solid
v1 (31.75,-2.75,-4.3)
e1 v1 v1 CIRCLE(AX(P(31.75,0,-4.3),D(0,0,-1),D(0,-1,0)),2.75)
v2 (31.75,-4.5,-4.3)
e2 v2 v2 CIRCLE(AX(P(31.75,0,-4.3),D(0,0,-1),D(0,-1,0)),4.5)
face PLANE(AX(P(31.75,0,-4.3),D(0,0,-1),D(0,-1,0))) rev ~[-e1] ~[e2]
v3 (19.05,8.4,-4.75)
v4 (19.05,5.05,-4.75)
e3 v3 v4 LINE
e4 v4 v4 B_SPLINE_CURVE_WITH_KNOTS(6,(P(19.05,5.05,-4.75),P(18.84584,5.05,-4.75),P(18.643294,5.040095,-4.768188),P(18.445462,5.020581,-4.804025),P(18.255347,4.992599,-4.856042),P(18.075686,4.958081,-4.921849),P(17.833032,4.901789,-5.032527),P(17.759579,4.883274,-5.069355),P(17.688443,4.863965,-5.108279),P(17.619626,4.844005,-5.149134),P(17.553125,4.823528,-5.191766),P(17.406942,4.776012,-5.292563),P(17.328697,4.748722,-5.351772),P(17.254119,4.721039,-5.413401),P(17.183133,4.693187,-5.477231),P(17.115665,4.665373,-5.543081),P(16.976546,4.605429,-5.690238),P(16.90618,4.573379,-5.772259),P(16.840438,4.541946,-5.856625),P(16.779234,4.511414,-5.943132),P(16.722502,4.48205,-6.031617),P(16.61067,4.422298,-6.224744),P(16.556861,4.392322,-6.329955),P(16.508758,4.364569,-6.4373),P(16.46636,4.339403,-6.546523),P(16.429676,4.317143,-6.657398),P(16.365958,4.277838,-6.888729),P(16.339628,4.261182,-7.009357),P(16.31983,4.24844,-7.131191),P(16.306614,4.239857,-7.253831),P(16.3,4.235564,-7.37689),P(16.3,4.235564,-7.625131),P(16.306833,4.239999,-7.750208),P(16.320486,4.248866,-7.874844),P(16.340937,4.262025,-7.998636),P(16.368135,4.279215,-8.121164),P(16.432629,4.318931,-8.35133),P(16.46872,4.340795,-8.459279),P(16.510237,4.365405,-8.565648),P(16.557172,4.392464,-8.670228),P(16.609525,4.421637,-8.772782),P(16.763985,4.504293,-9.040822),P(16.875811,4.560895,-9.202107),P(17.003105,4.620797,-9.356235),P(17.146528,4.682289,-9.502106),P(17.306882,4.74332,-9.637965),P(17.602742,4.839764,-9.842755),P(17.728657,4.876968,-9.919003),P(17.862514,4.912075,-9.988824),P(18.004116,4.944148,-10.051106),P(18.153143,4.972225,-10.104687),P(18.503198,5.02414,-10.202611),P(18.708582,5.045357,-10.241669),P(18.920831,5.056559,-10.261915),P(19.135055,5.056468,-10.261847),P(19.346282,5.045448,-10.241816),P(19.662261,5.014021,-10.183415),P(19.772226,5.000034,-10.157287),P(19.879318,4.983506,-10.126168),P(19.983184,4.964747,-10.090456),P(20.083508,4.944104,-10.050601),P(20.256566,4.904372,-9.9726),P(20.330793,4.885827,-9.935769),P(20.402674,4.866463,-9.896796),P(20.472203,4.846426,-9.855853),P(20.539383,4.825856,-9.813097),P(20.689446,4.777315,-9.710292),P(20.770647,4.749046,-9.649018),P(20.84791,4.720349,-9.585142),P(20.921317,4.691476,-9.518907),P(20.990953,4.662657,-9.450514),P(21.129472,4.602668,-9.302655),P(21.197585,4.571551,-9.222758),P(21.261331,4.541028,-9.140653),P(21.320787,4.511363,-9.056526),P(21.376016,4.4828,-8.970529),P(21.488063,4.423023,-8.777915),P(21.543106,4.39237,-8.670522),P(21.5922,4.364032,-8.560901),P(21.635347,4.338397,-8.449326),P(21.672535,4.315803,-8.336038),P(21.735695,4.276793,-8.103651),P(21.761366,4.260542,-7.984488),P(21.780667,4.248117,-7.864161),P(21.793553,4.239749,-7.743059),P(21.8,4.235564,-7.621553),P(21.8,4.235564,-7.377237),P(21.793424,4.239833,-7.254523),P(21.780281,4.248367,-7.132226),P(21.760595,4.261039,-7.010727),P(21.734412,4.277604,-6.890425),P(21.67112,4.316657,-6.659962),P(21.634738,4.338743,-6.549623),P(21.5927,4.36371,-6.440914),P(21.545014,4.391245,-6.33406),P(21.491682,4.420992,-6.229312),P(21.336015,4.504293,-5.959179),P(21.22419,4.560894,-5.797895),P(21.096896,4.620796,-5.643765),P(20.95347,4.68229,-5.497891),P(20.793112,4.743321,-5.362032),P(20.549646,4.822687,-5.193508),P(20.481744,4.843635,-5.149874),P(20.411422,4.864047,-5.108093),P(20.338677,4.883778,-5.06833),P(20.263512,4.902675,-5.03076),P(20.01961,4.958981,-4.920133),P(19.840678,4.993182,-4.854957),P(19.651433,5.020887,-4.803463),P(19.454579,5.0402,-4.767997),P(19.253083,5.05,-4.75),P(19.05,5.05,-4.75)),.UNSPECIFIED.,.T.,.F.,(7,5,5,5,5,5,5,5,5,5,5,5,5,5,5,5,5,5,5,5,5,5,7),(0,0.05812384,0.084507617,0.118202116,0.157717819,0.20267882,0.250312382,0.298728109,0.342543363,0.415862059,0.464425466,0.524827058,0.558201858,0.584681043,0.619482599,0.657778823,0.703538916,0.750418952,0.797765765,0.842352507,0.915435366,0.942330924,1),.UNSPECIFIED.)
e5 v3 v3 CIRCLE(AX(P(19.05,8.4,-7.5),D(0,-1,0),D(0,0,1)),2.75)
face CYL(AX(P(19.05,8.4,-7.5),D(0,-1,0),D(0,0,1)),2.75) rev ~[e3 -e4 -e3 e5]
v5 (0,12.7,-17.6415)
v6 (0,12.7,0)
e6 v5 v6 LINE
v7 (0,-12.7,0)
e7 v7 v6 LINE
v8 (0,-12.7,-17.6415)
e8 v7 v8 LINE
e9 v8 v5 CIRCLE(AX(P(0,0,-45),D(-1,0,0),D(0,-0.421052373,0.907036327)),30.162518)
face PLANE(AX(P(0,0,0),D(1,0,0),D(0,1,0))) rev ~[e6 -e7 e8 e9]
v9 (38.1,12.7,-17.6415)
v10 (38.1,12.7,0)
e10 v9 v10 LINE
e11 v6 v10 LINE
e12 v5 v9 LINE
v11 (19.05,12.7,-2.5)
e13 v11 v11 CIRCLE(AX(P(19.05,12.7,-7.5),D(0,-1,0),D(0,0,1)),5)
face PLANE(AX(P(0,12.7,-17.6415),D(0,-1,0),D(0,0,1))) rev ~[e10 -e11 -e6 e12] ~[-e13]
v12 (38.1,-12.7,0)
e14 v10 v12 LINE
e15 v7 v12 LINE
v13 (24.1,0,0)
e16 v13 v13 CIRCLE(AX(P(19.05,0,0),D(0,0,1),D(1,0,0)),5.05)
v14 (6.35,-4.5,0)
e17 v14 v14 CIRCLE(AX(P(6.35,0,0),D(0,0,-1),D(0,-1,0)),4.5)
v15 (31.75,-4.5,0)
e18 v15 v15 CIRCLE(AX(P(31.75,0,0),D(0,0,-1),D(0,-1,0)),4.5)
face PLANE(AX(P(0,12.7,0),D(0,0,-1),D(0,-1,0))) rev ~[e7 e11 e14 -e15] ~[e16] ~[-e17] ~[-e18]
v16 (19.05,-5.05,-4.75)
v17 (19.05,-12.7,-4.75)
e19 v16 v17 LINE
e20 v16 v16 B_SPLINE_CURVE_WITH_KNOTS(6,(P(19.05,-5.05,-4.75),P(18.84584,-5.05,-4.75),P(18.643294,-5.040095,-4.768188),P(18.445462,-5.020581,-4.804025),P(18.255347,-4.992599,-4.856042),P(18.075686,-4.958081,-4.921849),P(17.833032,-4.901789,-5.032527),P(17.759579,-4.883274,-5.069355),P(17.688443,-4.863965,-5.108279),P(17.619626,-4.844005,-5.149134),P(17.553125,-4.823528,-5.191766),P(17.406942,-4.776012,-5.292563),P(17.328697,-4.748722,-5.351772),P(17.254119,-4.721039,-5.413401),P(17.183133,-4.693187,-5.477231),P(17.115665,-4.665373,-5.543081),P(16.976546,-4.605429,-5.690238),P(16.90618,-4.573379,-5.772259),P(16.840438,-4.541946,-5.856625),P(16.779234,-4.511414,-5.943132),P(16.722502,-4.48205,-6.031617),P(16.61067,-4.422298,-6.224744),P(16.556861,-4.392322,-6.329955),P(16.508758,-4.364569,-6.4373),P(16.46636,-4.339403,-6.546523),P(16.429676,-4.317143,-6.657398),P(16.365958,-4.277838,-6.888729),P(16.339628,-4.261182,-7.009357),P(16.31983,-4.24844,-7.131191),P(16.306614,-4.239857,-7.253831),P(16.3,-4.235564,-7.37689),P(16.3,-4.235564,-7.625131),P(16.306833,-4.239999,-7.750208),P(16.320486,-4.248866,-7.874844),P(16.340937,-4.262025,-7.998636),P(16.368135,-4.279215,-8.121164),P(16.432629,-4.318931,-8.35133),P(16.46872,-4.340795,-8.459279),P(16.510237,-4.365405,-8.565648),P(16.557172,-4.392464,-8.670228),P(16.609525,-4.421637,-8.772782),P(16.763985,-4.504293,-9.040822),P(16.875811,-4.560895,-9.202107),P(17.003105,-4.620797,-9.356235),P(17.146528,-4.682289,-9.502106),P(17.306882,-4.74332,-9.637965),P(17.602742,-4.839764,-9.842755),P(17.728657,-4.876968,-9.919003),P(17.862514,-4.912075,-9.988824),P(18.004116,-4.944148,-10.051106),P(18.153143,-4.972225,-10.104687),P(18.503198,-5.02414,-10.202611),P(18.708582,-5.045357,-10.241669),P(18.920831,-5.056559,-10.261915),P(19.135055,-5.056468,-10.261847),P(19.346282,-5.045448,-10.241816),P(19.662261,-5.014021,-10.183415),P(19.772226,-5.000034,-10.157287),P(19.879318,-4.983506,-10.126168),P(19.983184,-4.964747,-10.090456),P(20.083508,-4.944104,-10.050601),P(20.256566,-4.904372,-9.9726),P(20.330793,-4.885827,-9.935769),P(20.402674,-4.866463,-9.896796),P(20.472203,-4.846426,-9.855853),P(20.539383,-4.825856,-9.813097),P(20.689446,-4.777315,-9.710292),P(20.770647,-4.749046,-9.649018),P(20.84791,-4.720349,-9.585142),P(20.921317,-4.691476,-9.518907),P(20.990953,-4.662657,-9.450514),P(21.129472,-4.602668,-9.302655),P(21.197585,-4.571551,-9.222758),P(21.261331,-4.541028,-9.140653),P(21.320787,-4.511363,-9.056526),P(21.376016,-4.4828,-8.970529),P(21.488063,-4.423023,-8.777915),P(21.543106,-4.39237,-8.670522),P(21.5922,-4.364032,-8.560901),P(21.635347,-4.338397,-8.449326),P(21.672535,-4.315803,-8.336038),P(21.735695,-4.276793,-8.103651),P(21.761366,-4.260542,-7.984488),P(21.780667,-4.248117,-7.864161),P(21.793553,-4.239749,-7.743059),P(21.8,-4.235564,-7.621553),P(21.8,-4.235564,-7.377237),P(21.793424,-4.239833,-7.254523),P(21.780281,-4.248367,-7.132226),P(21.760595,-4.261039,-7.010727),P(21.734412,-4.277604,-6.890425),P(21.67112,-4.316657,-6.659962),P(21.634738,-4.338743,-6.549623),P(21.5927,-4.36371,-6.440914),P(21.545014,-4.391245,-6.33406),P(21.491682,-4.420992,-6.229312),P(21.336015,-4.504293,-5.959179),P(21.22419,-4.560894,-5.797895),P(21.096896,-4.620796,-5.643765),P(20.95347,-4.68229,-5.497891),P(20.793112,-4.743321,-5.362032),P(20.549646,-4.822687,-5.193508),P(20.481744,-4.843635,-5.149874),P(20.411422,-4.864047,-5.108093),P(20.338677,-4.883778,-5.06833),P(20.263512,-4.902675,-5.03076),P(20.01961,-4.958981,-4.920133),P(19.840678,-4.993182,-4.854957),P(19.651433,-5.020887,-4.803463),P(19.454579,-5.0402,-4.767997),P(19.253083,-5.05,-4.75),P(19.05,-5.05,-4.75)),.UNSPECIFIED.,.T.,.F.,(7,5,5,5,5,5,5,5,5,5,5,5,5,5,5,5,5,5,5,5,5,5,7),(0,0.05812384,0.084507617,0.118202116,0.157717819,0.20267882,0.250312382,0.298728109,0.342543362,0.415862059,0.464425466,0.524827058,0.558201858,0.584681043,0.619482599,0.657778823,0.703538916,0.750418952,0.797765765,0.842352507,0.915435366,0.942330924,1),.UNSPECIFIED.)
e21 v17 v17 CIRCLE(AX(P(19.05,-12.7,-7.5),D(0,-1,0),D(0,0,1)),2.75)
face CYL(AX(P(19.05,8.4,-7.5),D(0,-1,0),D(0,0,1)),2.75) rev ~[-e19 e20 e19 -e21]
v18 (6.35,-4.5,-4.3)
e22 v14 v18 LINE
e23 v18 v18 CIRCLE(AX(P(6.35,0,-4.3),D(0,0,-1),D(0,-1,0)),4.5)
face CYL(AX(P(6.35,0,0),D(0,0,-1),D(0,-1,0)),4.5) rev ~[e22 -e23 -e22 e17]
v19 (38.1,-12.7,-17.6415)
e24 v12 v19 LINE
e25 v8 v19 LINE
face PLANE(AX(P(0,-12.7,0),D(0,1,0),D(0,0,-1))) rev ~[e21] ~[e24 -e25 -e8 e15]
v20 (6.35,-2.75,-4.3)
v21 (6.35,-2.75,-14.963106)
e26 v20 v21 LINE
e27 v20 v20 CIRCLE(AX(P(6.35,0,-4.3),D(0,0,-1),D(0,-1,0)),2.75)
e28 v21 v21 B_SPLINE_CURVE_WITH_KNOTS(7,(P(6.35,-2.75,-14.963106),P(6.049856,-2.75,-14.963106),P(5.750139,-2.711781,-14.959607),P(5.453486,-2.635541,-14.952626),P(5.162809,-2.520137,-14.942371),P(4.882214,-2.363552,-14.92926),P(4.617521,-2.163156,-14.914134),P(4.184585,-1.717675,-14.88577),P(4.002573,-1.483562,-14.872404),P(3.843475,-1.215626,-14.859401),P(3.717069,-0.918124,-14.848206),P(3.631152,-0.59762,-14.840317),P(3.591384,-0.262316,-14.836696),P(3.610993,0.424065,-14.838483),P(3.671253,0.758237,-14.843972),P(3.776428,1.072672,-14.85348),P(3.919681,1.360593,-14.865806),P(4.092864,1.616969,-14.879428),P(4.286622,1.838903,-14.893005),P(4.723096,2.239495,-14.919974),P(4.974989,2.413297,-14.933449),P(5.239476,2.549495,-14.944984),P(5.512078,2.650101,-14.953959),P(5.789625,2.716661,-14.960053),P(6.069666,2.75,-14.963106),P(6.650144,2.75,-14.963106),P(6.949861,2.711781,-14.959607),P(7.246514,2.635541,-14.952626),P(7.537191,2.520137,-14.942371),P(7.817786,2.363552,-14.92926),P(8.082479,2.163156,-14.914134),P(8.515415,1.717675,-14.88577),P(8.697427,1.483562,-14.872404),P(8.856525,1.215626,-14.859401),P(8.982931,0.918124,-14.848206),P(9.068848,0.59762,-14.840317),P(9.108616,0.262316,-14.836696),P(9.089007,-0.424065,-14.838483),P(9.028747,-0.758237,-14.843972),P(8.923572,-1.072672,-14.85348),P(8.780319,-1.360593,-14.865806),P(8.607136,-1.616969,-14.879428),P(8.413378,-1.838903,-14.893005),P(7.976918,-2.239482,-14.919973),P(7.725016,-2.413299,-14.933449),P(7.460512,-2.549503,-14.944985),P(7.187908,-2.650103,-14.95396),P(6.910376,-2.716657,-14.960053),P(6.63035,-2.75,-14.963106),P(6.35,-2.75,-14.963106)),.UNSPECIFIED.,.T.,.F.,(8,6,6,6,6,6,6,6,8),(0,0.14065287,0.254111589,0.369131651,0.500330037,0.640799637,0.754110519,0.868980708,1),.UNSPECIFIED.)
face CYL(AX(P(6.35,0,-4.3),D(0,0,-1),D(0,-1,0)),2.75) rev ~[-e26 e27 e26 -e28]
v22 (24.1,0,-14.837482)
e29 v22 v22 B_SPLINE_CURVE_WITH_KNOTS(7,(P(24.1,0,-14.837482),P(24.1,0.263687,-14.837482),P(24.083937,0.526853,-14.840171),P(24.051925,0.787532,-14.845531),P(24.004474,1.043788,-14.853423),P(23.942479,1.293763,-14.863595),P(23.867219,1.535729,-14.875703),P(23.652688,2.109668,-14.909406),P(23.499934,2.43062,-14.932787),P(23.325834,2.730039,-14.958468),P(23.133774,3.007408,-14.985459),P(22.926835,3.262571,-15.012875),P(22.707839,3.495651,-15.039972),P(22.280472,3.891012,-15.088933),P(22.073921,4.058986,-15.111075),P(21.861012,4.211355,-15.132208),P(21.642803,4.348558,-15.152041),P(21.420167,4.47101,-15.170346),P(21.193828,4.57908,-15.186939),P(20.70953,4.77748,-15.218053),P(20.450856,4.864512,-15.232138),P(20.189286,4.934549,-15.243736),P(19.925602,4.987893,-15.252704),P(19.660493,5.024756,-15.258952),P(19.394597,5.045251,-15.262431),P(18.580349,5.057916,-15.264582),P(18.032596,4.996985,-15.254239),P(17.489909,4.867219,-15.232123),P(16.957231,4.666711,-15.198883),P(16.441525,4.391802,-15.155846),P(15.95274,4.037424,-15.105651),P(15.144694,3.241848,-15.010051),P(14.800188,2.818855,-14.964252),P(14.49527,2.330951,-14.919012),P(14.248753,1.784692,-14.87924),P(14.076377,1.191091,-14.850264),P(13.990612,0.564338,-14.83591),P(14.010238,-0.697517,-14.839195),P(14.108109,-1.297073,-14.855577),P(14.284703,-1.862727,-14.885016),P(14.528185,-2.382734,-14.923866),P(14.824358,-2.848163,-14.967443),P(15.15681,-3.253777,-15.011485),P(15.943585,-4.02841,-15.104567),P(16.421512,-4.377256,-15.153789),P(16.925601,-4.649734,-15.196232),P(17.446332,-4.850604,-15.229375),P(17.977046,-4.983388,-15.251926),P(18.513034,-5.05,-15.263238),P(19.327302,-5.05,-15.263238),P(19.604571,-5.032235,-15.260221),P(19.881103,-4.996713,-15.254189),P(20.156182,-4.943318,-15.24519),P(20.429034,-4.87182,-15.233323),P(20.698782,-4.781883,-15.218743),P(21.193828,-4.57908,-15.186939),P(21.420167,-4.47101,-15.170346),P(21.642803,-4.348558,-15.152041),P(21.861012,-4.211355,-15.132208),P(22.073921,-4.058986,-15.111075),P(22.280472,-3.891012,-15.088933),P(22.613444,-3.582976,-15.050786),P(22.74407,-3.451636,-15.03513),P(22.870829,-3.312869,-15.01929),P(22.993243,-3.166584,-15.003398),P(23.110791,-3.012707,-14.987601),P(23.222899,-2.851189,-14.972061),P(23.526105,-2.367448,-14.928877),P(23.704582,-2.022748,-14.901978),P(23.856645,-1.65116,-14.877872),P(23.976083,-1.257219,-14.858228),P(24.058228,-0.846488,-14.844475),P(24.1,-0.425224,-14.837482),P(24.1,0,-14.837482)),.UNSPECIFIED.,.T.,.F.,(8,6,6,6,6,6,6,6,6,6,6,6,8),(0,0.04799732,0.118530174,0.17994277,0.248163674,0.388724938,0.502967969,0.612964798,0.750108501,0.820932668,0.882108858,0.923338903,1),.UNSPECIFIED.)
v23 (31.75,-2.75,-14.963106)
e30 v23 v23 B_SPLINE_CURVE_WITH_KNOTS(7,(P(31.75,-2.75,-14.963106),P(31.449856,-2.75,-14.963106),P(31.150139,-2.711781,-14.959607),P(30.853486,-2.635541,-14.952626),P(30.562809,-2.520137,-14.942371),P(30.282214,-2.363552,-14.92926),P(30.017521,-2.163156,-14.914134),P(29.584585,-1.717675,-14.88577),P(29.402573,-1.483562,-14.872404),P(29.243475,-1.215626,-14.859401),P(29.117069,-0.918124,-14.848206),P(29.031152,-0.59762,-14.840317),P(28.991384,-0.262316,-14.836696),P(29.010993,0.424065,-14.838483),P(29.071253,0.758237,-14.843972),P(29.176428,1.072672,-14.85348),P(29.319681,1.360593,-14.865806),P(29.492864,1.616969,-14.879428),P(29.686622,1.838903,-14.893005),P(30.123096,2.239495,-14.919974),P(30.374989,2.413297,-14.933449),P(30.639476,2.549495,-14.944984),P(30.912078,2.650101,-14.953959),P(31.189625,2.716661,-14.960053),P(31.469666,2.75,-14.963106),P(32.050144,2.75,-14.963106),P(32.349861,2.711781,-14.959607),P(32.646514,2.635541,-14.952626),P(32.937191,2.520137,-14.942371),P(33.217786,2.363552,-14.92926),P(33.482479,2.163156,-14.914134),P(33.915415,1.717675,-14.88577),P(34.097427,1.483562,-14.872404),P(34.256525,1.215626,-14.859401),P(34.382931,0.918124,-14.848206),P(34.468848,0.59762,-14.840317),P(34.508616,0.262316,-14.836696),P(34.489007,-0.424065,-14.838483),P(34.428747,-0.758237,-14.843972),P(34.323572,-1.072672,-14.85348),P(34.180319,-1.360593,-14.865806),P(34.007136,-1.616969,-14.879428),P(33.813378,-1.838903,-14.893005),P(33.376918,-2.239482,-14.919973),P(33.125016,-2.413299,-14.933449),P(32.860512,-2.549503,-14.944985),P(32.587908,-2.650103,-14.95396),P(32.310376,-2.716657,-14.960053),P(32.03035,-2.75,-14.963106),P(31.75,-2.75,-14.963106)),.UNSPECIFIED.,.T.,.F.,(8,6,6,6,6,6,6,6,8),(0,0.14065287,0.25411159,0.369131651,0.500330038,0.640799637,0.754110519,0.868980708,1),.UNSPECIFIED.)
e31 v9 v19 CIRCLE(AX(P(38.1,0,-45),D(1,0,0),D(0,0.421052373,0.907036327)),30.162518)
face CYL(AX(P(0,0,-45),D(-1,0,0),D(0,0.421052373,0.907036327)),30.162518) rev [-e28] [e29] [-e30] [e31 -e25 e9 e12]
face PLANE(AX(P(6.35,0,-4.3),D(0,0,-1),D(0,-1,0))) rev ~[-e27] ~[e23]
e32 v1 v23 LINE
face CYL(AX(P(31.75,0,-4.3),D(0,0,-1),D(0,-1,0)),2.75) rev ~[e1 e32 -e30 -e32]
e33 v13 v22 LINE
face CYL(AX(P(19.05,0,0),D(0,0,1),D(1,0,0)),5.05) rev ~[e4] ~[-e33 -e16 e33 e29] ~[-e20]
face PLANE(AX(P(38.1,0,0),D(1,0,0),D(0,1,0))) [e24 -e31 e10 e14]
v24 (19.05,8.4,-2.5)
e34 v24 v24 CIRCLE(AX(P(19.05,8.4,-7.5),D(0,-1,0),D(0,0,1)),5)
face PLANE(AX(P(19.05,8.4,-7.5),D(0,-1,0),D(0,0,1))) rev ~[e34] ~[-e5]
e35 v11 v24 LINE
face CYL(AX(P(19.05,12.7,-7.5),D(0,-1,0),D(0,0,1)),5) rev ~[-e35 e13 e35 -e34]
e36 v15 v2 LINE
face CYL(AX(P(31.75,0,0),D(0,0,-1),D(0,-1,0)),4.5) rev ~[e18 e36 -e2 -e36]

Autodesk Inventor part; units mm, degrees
ref_plane "YZ Plane" through (0, 0, 0) normal (1, 0, 0) x (0, 1, 0)
ref_plane "XZ Plane" through (0, 0, 0) normal (0, 1, 0) x (-1, 0, 0)
ref_plane "XY Plane" through (0, 0, 0) normal (0, 0, 1) x (1, 0, 0)
sketch "Sketch1" plane through (0, 0, 0) normal (1, 0, 0) x (0, 1, 0)
  arc A0 (12.7, -17.6415) -> (-12.7, -17.6415) centre (0, -45) ccw
  line L0 (0, 0) -> (0, -134.2841)
  line L1 (-12.7, 0) -> (-12.7, -17.6415)
  line L2 (12.7, -17.6415) -> (12.7, 0)
  line L3 (12.7, 0) -> (-12.7, 0)
  dimension "d0" = 60.325
  dimension "d47" = 45
  dimension "d48" = 25.4
extrude "Extrusion1" add sketch "Sketch1" along normal blind 38.1
sketch "Sketch8" plane through (0, -12.7, 0) normal (0, 0, 1) x (1, 0, 0)
  circle A0 centre (19.05, 12.7) radius 5.05
  line L0 (0, 12.7) -> (38.1, 12.7) construction
  line L1 (0, 25.4) -> (38.1, 25.4) construction
  line L2 (38.1, 25.4) -> (38.1, 0) construction
  dimension "d49" = 10.1
extrude "Extrusion6" cut sketch "Sketch8" against normal through all
sketch "Sketch10" plane through (0, 12.7, 0) normal (0, 1, 0) x (1, 0, 0)
  line L0 (0, 17.6415) -> (0, 0) projected
  line L1 (0, 0) -> (38.1, 0) projected
  line L2 (19.05, 0) -> (19.05, 20.4763) construction
  point P0 (19.05, 7.5)
  dimension "d60" = 7.5
hole "Hole2" at (19.05, 12.7, -7.5) direction (0, -1, 0) diameter 5.5 end through all counterbore diameter 10 counterbore depth 4.3 clearance for "Hex Head Cap Screw ISO 24017" size "M5" standard "ISO"
sketch "Sketch11" plane through (0, -12.7, 0) normal (0, 0, 1) x (1, 0, 0)
  line L0 (0, 12.7) -> (38.1, 12.7) construction
  line L1 (38.1, 25.4) -> (38.1, 0) construction
  line L2 (0, 0) -> (38.1, 0) construction
  line L3 (19.05, 0) -> (19.05, 29.1053) construction
  point P0 (31.75, 12.7)
  point P1 (6.35, 12.7)
  dimension "d68" = 25.4
hole "Hole3" at (31.75, 0, 0) at (6.35, 0, 0) direction (0, 0, -1) diameter 5.5 end through all counterbore diameter 9 counterbore depth 4.3 clearance for "Hex Head Cap Screw ISO 24017" size "M5" standard "ISO"
properties part number "Axial Holder" material "ABS Plastic"
